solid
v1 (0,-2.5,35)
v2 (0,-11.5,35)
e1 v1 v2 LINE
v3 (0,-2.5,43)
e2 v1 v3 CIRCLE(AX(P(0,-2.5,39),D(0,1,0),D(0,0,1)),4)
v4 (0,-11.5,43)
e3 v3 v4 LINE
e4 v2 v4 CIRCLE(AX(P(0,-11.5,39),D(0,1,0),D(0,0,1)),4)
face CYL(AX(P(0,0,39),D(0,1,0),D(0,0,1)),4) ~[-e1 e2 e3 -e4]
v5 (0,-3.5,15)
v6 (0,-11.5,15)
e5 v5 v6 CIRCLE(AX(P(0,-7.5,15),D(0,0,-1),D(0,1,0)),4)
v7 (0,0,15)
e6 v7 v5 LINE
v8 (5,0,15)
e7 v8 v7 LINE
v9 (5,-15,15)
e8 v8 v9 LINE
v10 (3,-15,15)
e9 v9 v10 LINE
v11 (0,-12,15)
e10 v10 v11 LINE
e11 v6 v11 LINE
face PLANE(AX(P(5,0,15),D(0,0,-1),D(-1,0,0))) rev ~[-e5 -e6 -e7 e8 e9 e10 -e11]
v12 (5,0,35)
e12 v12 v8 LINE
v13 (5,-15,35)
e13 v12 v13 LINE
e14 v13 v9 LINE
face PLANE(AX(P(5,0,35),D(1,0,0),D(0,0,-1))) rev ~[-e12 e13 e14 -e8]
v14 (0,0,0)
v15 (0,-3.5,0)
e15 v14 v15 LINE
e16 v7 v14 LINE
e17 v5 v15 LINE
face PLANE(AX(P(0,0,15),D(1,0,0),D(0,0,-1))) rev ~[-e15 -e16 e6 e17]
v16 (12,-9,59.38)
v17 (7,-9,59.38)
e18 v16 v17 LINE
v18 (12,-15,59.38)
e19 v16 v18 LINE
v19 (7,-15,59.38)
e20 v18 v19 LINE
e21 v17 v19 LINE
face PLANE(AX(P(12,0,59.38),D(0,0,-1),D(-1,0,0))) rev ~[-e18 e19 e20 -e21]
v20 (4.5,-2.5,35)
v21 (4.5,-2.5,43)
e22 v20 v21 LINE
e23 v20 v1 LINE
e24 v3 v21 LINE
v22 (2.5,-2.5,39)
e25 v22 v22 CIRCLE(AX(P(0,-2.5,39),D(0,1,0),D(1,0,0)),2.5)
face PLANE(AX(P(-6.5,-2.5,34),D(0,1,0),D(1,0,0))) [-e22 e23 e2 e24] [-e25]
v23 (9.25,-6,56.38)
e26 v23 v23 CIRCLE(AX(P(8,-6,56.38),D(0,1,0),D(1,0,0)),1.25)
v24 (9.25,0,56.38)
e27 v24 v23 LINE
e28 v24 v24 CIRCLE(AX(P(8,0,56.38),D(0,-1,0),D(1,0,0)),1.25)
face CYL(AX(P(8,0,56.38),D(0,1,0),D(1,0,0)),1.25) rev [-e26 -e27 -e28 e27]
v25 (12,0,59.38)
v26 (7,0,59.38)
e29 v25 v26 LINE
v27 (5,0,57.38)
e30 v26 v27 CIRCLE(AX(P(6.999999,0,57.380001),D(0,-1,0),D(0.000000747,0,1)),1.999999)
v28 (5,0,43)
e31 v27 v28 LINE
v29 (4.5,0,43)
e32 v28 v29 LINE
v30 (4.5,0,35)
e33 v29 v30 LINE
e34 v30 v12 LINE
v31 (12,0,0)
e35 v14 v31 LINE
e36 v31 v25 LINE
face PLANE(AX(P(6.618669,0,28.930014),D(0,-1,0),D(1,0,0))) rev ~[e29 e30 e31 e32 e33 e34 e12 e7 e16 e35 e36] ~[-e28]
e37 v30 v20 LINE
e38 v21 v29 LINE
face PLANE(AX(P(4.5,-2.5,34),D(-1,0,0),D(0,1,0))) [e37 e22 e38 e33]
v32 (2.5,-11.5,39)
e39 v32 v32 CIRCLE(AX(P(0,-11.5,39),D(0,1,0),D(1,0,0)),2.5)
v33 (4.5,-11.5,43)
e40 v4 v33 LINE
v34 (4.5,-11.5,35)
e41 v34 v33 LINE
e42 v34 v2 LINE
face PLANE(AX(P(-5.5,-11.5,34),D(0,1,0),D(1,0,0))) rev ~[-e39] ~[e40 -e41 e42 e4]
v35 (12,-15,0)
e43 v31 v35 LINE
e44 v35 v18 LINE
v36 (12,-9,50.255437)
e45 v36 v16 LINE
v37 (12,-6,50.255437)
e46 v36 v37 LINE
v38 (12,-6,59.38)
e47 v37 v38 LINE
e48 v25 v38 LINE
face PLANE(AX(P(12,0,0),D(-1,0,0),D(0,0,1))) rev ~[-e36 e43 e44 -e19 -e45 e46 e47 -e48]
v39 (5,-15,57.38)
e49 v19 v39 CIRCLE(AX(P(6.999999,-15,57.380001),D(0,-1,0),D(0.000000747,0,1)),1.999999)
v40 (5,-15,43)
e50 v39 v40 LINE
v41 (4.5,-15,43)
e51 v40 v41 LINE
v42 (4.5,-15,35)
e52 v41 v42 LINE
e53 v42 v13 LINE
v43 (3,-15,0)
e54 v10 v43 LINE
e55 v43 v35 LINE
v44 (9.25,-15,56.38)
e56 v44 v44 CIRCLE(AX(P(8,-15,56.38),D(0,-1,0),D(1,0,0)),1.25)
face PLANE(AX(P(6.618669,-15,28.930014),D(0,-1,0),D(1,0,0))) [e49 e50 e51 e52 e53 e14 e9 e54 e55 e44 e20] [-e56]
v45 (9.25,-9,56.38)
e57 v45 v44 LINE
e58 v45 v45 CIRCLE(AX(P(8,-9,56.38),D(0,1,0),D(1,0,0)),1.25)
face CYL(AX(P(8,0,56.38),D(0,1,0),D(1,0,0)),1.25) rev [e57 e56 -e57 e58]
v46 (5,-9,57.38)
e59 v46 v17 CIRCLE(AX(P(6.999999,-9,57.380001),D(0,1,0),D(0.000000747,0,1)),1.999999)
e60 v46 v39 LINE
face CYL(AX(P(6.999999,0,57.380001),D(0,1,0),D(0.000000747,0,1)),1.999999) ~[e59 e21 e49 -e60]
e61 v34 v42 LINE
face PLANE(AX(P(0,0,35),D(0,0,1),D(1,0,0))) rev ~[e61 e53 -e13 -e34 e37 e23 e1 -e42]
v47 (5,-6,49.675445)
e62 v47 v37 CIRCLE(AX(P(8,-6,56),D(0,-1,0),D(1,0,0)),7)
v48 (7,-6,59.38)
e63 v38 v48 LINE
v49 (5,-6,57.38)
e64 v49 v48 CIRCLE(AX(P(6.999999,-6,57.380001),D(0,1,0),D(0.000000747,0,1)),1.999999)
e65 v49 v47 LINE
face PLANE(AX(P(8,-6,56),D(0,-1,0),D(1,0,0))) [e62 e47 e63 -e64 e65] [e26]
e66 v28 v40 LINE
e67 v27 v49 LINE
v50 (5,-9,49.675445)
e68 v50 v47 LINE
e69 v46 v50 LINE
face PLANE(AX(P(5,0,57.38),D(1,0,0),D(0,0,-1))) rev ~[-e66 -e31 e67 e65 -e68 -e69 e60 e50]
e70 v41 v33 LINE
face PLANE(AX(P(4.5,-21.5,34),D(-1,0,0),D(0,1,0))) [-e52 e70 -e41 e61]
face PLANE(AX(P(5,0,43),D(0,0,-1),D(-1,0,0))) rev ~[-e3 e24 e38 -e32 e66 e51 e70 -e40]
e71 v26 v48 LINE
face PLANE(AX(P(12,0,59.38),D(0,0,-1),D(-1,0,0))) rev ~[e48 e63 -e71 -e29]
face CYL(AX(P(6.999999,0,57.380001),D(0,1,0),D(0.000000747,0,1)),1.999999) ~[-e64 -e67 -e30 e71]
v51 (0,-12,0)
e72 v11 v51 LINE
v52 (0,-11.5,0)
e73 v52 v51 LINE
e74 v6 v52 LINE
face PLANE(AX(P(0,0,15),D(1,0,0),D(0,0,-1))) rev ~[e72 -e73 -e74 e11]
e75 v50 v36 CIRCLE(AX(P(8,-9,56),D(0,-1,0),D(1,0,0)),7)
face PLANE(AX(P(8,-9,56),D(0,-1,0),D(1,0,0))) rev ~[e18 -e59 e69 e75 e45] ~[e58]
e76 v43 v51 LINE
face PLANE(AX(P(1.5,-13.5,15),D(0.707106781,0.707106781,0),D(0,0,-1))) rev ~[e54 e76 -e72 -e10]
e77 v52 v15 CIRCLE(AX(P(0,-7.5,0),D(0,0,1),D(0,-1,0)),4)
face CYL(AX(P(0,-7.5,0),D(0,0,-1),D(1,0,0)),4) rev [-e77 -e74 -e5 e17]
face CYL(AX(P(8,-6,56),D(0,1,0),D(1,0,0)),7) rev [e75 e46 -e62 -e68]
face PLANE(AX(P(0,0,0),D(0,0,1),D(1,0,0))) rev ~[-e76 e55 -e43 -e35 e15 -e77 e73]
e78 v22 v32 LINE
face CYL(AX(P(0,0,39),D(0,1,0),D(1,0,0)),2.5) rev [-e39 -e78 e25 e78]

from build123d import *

# Parameters (mm, degrees)
SKETCH010_R       = 2.5
SKETCH010_R_2     = 1.25
PAD008_DEPTH      = 15
BOX001_W          = 11
BOX001_H          = 10
BOX001_DEPTH      = 10
BOX002_W          = 10
BOX002_H          = 10
BOX002_DEPTH      = 10
CHAMFER002_SIZE   = 3
CYLINDER004_R     = 7
CYLINDER004_DEPTH = 3
CYLINDER005_R     = 4
CYLINDER005_DEPTH = 31


with BuildPart() as part:
    # Sketch010 → Pad008 (new body)
    with BuildSketch(Plane.XZ):
        with BuildLine():
            Line((0, 35), (5, 35))
            Line((5, 35), (5, 15))
            Line((5, 15), (0, 15))
            Line((0, 15), (0, 0))
            Line((0, 0), (12, 0))
            Line((12, 0), (12, 59.38))
            Line((12, 59.38), (7, 59.38))
            ThreePointArc((7, 59.38), (5.585786, 58.794214), (5, 57.38))
            Line((5, 57.38), (5, 43))
            Line((5, 43), (0, 43))
            ThreePointArc((0, 43), (-4, 39), (0, 35))
        make_face()
        with Locations((0, 39)):
            Circle(SKETCH010_R, mode=Mode.SUBTRACT)
        with Locations((8, 56.38)):
            Circle(SKETCH010_R_2, mode=Mode.SUBTRACT)
    extrude(amount=PAD008_DEPTH)

    # Box001 → Box001 (cut)
    with BuildSketch(Plane(origin=(-6.5, -2.5, 34), x_dir=(1, 0, 0), z_dir=(0, 0, 1))):
        with Locations((5.5, 5)):
            Rectangle(BOX001_W, BOX001_H)
    extrude(amount=BOX001_DEPTH, mode=Mode.SUBTRACT)

    # Box002 → Box002 (cut)
    with BuildSketch(Plane(origin=(-5.5, -21.5, 34), x_dir=(1, 0, 0), z_dir=(0, 0, 1))):
        with Locations((5, 5)):
            Rectangle(BOX002_W, BOX002_H)
    extrude(amount=BOX002_DEPTH, mode=Mode.SUBTRACT)

    # Chamfer002
    chamfer002_edges = [part.edges().sort_by_distance(p)[0] for p in [
        (0, -15, 7.5),
    ]]
    chamfer(chamfer002_edges, length=CHAMFER002_SIZE)

    # Cylinder004 → Cylinder004 (cut)
    with BuildSketch(Plane(origin=(8, -6, 56), x_dir=(1, 0, 0), z_dir=(0, -1, 0))):
        Circle(CYLINDER004_R)
    extrude(amount=CYLINDER004_DEPTH, mode=Mode.SUBTRACT)

    # Cylinder005 → Cylinder005 (cut)
    with BuildSketch(Plane(origin=(0, -7.5, 0), x_dir=(1, 0, 0), z_dir=(0, 0, 1))):
        Circle(CYLINDER005_R)
    extrude(amount=CYLINDER005_DEPTH, mode=Mode.SUBTRACT)


solid = part.part
